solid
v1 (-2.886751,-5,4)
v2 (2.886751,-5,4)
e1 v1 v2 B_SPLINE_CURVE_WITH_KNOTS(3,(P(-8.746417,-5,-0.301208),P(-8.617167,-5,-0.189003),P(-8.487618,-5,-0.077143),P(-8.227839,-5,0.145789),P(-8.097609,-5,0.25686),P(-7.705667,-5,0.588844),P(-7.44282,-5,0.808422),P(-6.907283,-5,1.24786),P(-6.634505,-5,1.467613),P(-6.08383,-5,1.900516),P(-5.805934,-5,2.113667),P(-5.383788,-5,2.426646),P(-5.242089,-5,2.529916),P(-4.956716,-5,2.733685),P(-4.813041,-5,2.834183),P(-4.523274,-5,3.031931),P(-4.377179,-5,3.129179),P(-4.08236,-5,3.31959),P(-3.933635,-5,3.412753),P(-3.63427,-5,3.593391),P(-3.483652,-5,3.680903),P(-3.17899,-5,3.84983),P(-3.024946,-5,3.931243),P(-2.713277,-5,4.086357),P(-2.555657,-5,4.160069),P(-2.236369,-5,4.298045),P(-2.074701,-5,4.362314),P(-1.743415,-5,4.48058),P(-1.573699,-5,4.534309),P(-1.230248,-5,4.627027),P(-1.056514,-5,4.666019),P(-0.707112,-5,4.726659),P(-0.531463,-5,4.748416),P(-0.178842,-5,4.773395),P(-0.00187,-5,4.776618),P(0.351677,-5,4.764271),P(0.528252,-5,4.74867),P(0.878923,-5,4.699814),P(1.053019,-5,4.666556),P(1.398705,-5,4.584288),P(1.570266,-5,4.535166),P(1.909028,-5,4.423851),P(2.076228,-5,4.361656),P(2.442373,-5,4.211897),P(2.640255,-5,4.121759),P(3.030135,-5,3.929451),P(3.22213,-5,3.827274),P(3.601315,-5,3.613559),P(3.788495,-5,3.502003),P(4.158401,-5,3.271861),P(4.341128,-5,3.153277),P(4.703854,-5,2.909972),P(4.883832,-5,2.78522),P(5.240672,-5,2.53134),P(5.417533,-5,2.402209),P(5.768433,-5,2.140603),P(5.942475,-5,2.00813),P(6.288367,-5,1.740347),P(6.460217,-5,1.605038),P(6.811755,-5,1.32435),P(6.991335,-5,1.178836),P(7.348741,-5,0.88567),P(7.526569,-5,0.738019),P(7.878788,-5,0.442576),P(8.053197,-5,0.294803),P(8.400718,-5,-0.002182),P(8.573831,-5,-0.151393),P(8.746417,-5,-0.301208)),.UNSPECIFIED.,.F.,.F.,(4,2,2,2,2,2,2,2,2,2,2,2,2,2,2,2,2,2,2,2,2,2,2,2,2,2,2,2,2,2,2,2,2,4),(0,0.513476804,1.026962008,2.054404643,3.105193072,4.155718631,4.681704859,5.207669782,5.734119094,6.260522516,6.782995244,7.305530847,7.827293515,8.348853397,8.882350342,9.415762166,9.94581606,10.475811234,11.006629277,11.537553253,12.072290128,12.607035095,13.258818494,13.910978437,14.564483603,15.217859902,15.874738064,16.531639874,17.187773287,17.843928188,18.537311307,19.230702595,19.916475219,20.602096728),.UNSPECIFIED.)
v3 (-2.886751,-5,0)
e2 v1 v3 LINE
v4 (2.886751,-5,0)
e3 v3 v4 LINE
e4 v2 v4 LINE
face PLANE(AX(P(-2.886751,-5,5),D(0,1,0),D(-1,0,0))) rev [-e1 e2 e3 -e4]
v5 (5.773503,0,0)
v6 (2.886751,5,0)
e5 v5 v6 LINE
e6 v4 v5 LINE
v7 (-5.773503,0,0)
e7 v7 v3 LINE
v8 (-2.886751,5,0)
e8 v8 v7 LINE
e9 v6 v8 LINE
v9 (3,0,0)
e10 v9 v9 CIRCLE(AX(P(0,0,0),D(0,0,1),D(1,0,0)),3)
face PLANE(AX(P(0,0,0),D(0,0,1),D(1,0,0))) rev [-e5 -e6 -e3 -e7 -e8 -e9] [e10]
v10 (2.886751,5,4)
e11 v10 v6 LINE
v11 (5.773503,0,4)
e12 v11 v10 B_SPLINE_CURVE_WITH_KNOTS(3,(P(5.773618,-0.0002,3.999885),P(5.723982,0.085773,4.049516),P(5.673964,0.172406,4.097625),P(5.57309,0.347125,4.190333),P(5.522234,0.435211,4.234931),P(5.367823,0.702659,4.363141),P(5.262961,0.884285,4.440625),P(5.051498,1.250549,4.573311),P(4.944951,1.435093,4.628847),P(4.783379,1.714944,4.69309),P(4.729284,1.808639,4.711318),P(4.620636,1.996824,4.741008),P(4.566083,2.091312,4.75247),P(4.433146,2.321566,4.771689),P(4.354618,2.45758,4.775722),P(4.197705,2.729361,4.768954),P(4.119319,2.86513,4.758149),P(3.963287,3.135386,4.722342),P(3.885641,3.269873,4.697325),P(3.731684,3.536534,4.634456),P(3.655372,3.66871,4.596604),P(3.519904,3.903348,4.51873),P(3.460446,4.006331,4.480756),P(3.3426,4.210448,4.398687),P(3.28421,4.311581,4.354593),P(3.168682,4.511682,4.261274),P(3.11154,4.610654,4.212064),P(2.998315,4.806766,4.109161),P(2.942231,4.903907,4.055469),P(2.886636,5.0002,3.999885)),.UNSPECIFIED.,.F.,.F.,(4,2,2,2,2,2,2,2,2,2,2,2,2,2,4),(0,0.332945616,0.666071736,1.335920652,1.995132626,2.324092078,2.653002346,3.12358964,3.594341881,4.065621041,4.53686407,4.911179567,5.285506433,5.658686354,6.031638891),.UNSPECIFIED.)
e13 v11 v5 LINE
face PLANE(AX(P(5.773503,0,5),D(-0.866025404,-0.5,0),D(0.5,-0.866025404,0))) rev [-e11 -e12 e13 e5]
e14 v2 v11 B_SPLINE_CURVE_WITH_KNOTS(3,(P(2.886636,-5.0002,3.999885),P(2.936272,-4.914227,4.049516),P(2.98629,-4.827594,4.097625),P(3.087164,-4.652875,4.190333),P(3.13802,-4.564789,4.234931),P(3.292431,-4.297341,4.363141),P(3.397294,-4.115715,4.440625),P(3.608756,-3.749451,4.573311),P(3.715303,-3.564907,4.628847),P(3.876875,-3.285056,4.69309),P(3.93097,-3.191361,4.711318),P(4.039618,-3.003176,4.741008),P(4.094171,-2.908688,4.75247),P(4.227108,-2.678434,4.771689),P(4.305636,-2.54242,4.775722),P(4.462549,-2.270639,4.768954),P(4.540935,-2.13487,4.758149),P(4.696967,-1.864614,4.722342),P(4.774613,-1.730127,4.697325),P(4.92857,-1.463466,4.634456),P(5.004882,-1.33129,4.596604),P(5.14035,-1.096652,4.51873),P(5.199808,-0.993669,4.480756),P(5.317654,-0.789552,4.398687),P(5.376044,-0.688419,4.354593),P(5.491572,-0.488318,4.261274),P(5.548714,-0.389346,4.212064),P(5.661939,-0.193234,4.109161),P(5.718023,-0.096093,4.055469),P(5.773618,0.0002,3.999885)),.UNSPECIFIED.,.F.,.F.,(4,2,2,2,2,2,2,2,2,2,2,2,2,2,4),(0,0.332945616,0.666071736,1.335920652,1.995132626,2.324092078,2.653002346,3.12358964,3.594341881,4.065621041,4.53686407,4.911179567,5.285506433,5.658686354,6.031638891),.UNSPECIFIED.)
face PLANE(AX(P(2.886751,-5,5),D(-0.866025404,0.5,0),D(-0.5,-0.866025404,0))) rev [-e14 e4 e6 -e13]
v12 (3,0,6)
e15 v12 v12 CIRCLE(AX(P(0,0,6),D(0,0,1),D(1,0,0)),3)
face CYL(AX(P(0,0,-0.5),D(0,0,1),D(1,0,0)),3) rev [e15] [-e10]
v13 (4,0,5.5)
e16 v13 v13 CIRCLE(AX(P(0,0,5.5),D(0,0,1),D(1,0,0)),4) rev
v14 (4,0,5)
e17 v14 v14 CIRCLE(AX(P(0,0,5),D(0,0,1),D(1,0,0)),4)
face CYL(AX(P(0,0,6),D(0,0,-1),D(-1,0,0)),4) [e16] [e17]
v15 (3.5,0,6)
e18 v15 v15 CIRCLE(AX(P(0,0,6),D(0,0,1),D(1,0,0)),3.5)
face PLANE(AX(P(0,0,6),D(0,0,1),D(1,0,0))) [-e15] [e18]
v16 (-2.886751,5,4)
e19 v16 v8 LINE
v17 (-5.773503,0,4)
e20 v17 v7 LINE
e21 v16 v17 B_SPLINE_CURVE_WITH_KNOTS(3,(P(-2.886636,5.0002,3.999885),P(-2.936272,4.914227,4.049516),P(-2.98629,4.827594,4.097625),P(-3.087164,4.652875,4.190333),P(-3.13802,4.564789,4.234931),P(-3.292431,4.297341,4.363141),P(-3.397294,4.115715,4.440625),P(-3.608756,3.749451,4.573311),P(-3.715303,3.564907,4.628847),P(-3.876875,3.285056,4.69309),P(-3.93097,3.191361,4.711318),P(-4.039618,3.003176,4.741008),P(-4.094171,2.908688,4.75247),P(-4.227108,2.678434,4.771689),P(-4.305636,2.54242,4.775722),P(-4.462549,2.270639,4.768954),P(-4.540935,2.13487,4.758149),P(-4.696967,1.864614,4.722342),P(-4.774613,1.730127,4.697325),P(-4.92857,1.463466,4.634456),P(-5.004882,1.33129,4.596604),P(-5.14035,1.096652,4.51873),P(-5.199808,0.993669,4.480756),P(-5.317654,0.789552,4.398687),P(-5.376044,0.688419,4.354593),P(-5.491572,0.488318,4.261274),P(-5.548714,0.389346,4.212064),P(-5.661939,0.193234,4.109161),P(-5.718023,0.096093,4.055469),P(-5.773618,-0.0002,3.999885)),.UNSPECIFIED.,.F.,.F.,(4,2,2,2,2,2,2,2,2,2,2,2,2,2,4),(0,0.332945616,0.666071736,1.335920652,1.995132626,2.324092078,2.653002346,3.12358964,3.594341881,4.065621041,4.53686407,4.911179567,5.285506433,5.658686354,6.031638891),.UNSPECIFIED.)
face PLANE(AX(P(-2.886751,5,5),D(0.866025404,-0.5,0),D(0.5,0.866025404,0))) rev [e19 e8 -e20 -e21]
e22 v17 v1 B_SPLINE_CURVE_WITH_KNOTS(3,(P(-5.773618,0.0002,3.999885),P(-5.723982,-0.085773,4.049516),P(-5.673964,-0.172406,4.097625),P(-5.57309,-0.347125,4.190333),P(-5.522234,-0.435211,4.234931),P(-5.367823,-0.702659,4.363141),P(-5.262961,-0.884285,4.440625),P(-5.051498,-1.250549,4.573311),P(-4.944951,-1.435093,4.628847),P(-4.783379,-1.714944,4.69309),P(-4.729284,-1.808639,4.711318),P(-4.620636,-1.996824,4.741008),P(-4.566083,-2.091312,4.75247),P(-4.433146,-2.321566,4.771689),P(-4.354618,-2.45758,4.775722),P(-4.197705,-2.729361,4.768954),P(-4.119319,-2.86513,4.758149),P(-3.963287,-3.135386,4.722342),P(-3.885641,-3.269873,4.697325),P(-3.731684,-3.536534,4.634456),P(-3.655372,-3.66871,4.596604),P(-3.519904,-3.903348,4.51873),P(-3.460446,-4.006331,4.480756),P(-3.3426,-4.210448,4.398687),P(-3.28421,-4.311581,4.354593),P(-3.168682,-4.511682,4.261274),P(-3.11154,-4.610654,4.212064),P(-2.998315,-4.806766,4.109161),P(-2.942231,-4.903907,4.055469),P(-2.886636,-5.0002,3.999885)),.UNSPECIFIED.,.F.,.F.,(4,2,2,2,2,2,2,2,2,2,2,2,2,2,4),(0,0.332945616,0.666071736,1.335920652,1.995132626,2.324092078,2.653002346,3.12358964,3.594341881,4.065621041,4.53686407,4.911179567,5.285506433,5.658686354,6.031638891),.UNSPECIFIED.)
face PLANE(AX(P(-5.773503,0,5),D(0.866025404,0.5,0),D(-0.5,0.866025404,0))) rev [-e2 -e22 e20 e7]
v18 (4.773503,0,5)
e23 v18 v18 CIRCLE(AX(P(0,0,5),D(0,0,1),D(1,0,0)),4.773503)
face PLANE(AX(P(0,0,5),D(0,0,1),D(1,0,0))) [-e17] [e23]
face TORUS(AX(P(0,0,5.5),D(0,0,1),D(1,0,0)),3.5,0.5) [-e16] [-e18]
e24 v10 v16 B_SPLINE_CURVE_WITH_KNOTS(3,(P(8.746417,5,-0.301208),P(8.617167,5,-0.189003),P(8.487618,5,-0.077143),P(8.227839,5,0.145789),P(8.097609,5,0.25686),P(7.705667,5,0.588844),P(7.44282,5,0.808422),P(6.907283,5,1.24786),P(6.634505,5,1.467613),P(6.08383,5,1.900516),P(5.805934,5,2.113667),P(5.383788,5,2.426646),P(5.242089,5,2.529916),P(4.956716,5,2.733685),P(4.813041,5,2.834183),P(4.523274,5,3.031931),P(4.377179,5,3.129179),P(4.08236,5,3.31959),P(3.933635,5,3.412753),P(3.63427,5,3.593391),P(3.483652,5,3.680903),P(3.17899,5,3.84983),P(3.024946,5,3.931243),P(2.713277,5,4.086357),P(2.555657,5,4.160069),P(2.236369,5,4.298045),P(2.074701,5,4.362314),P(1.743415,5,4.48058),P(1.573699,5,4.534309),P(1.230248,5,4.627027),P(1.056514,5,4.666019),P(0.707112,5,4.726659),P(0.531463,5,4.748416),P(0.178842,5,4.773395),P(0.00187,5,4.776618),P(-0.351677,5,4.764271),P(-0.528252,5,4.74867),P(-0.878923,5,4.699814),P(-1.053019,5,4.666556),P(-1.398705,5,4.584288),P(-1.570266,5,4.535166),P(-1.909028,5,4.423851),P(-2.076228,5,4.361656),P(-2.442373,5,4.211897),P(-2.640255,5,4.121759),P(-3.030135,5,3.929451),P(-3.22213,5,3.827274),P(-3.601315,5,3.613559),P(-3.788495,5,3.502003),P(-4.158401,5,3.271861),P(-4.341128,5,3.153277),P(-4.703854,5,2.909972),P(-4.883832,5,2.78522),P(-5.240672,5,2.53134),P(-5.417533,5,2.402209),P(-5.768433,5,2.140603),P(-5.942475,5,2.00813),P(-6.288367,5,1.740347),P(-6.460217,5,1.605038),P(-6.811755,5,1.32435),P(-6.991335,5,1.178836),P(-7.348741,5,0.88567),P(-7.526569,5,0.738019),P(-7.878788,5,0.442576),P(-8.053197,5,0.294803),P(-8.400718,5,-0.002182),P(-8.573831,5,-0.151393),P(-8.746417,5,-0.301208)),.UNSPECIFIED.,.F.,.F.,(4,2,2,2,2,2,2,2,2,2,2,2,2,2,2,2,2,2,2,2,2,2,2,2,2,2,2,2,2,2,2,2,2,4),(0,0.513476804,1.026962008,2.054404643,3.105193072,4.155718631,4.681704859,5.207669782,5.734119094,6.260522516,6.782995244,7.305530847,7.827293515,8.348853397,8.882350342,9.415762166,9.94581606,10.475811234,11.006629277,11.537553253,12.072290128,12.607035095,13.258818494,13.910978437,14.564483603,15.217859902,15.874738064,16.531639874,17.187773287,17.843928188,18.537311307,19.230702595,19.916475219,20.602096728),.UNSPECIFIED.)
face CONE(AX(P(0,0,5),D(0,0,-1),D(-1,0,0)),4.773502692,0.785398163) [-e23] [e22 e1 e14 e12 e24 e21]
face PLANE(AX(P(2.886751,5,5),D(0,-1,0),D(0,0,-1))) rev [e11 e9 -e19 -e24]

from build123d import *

# Parameters (mm, degrees)
EXTRUDE_1_DEPTH     = 5
SKETCH_2_R          = 4
EXTRUDE_2_DEPTH     = 1
SKETCH_2_3_R        = 3
CUT_EXTRUDE_1_DEPTH = 5.5
FILLET_3_R          = 0.5


with BuildPart() as part:
    # 草图1 → 凸台-拉伸1 (new body)
    with BuildSketch(Plane.XY):
        Polygon((5.773502692, 0), (2.886751346, 5), (-2.886751346, 5), (-5.773502692, 0), (-2.886751346, -5), (2.886751346, -5), align=None)
    extrude(amount=EXTRUDE_1_DEPTH)

    # 草图2 → 凸台-拉伸2 (add)
    with BuildSketch(Plane.XY.offset(5)):
        Circle(SKETCH_2_R)
    extrude(amount=EXTRUDE_2_DEPTH)

    # 草图2<3> → 切除-拉伸1 (cut, symmetric)
    with BuildSketch(Plane.XY.offset(5)):
        Circle(SKETCH_2_3_R)
    extrude(amount=CUT_EXTRUDE_1_DEPTH, both=True, mode=Mode.SUBTRACT)

    # 草图3 → 切除-旋转1 (revolve, cut)
    with BuildSketch(Plane(origin=(0, 0, 0), x_dir=(1, 0, 0), z_dir=(0, 1, 0))):
        Polygon((-5.773502692, -5), (-5.773502692, -4), (-4.773502692, -5), align=None)
    revolve(axis=Axis((0, 0, 0), (0, 0, -1)), mode=Mode.SUBTRACT)

    # 圆角3
    fillet_3_edges = [part.edges().sort_by_distance(p)[0] for p in [
        (-4, 0, 6),
    ]]
    fillet(fillet_3_edges, radius=FILLET_3_R)


solid = part.part
